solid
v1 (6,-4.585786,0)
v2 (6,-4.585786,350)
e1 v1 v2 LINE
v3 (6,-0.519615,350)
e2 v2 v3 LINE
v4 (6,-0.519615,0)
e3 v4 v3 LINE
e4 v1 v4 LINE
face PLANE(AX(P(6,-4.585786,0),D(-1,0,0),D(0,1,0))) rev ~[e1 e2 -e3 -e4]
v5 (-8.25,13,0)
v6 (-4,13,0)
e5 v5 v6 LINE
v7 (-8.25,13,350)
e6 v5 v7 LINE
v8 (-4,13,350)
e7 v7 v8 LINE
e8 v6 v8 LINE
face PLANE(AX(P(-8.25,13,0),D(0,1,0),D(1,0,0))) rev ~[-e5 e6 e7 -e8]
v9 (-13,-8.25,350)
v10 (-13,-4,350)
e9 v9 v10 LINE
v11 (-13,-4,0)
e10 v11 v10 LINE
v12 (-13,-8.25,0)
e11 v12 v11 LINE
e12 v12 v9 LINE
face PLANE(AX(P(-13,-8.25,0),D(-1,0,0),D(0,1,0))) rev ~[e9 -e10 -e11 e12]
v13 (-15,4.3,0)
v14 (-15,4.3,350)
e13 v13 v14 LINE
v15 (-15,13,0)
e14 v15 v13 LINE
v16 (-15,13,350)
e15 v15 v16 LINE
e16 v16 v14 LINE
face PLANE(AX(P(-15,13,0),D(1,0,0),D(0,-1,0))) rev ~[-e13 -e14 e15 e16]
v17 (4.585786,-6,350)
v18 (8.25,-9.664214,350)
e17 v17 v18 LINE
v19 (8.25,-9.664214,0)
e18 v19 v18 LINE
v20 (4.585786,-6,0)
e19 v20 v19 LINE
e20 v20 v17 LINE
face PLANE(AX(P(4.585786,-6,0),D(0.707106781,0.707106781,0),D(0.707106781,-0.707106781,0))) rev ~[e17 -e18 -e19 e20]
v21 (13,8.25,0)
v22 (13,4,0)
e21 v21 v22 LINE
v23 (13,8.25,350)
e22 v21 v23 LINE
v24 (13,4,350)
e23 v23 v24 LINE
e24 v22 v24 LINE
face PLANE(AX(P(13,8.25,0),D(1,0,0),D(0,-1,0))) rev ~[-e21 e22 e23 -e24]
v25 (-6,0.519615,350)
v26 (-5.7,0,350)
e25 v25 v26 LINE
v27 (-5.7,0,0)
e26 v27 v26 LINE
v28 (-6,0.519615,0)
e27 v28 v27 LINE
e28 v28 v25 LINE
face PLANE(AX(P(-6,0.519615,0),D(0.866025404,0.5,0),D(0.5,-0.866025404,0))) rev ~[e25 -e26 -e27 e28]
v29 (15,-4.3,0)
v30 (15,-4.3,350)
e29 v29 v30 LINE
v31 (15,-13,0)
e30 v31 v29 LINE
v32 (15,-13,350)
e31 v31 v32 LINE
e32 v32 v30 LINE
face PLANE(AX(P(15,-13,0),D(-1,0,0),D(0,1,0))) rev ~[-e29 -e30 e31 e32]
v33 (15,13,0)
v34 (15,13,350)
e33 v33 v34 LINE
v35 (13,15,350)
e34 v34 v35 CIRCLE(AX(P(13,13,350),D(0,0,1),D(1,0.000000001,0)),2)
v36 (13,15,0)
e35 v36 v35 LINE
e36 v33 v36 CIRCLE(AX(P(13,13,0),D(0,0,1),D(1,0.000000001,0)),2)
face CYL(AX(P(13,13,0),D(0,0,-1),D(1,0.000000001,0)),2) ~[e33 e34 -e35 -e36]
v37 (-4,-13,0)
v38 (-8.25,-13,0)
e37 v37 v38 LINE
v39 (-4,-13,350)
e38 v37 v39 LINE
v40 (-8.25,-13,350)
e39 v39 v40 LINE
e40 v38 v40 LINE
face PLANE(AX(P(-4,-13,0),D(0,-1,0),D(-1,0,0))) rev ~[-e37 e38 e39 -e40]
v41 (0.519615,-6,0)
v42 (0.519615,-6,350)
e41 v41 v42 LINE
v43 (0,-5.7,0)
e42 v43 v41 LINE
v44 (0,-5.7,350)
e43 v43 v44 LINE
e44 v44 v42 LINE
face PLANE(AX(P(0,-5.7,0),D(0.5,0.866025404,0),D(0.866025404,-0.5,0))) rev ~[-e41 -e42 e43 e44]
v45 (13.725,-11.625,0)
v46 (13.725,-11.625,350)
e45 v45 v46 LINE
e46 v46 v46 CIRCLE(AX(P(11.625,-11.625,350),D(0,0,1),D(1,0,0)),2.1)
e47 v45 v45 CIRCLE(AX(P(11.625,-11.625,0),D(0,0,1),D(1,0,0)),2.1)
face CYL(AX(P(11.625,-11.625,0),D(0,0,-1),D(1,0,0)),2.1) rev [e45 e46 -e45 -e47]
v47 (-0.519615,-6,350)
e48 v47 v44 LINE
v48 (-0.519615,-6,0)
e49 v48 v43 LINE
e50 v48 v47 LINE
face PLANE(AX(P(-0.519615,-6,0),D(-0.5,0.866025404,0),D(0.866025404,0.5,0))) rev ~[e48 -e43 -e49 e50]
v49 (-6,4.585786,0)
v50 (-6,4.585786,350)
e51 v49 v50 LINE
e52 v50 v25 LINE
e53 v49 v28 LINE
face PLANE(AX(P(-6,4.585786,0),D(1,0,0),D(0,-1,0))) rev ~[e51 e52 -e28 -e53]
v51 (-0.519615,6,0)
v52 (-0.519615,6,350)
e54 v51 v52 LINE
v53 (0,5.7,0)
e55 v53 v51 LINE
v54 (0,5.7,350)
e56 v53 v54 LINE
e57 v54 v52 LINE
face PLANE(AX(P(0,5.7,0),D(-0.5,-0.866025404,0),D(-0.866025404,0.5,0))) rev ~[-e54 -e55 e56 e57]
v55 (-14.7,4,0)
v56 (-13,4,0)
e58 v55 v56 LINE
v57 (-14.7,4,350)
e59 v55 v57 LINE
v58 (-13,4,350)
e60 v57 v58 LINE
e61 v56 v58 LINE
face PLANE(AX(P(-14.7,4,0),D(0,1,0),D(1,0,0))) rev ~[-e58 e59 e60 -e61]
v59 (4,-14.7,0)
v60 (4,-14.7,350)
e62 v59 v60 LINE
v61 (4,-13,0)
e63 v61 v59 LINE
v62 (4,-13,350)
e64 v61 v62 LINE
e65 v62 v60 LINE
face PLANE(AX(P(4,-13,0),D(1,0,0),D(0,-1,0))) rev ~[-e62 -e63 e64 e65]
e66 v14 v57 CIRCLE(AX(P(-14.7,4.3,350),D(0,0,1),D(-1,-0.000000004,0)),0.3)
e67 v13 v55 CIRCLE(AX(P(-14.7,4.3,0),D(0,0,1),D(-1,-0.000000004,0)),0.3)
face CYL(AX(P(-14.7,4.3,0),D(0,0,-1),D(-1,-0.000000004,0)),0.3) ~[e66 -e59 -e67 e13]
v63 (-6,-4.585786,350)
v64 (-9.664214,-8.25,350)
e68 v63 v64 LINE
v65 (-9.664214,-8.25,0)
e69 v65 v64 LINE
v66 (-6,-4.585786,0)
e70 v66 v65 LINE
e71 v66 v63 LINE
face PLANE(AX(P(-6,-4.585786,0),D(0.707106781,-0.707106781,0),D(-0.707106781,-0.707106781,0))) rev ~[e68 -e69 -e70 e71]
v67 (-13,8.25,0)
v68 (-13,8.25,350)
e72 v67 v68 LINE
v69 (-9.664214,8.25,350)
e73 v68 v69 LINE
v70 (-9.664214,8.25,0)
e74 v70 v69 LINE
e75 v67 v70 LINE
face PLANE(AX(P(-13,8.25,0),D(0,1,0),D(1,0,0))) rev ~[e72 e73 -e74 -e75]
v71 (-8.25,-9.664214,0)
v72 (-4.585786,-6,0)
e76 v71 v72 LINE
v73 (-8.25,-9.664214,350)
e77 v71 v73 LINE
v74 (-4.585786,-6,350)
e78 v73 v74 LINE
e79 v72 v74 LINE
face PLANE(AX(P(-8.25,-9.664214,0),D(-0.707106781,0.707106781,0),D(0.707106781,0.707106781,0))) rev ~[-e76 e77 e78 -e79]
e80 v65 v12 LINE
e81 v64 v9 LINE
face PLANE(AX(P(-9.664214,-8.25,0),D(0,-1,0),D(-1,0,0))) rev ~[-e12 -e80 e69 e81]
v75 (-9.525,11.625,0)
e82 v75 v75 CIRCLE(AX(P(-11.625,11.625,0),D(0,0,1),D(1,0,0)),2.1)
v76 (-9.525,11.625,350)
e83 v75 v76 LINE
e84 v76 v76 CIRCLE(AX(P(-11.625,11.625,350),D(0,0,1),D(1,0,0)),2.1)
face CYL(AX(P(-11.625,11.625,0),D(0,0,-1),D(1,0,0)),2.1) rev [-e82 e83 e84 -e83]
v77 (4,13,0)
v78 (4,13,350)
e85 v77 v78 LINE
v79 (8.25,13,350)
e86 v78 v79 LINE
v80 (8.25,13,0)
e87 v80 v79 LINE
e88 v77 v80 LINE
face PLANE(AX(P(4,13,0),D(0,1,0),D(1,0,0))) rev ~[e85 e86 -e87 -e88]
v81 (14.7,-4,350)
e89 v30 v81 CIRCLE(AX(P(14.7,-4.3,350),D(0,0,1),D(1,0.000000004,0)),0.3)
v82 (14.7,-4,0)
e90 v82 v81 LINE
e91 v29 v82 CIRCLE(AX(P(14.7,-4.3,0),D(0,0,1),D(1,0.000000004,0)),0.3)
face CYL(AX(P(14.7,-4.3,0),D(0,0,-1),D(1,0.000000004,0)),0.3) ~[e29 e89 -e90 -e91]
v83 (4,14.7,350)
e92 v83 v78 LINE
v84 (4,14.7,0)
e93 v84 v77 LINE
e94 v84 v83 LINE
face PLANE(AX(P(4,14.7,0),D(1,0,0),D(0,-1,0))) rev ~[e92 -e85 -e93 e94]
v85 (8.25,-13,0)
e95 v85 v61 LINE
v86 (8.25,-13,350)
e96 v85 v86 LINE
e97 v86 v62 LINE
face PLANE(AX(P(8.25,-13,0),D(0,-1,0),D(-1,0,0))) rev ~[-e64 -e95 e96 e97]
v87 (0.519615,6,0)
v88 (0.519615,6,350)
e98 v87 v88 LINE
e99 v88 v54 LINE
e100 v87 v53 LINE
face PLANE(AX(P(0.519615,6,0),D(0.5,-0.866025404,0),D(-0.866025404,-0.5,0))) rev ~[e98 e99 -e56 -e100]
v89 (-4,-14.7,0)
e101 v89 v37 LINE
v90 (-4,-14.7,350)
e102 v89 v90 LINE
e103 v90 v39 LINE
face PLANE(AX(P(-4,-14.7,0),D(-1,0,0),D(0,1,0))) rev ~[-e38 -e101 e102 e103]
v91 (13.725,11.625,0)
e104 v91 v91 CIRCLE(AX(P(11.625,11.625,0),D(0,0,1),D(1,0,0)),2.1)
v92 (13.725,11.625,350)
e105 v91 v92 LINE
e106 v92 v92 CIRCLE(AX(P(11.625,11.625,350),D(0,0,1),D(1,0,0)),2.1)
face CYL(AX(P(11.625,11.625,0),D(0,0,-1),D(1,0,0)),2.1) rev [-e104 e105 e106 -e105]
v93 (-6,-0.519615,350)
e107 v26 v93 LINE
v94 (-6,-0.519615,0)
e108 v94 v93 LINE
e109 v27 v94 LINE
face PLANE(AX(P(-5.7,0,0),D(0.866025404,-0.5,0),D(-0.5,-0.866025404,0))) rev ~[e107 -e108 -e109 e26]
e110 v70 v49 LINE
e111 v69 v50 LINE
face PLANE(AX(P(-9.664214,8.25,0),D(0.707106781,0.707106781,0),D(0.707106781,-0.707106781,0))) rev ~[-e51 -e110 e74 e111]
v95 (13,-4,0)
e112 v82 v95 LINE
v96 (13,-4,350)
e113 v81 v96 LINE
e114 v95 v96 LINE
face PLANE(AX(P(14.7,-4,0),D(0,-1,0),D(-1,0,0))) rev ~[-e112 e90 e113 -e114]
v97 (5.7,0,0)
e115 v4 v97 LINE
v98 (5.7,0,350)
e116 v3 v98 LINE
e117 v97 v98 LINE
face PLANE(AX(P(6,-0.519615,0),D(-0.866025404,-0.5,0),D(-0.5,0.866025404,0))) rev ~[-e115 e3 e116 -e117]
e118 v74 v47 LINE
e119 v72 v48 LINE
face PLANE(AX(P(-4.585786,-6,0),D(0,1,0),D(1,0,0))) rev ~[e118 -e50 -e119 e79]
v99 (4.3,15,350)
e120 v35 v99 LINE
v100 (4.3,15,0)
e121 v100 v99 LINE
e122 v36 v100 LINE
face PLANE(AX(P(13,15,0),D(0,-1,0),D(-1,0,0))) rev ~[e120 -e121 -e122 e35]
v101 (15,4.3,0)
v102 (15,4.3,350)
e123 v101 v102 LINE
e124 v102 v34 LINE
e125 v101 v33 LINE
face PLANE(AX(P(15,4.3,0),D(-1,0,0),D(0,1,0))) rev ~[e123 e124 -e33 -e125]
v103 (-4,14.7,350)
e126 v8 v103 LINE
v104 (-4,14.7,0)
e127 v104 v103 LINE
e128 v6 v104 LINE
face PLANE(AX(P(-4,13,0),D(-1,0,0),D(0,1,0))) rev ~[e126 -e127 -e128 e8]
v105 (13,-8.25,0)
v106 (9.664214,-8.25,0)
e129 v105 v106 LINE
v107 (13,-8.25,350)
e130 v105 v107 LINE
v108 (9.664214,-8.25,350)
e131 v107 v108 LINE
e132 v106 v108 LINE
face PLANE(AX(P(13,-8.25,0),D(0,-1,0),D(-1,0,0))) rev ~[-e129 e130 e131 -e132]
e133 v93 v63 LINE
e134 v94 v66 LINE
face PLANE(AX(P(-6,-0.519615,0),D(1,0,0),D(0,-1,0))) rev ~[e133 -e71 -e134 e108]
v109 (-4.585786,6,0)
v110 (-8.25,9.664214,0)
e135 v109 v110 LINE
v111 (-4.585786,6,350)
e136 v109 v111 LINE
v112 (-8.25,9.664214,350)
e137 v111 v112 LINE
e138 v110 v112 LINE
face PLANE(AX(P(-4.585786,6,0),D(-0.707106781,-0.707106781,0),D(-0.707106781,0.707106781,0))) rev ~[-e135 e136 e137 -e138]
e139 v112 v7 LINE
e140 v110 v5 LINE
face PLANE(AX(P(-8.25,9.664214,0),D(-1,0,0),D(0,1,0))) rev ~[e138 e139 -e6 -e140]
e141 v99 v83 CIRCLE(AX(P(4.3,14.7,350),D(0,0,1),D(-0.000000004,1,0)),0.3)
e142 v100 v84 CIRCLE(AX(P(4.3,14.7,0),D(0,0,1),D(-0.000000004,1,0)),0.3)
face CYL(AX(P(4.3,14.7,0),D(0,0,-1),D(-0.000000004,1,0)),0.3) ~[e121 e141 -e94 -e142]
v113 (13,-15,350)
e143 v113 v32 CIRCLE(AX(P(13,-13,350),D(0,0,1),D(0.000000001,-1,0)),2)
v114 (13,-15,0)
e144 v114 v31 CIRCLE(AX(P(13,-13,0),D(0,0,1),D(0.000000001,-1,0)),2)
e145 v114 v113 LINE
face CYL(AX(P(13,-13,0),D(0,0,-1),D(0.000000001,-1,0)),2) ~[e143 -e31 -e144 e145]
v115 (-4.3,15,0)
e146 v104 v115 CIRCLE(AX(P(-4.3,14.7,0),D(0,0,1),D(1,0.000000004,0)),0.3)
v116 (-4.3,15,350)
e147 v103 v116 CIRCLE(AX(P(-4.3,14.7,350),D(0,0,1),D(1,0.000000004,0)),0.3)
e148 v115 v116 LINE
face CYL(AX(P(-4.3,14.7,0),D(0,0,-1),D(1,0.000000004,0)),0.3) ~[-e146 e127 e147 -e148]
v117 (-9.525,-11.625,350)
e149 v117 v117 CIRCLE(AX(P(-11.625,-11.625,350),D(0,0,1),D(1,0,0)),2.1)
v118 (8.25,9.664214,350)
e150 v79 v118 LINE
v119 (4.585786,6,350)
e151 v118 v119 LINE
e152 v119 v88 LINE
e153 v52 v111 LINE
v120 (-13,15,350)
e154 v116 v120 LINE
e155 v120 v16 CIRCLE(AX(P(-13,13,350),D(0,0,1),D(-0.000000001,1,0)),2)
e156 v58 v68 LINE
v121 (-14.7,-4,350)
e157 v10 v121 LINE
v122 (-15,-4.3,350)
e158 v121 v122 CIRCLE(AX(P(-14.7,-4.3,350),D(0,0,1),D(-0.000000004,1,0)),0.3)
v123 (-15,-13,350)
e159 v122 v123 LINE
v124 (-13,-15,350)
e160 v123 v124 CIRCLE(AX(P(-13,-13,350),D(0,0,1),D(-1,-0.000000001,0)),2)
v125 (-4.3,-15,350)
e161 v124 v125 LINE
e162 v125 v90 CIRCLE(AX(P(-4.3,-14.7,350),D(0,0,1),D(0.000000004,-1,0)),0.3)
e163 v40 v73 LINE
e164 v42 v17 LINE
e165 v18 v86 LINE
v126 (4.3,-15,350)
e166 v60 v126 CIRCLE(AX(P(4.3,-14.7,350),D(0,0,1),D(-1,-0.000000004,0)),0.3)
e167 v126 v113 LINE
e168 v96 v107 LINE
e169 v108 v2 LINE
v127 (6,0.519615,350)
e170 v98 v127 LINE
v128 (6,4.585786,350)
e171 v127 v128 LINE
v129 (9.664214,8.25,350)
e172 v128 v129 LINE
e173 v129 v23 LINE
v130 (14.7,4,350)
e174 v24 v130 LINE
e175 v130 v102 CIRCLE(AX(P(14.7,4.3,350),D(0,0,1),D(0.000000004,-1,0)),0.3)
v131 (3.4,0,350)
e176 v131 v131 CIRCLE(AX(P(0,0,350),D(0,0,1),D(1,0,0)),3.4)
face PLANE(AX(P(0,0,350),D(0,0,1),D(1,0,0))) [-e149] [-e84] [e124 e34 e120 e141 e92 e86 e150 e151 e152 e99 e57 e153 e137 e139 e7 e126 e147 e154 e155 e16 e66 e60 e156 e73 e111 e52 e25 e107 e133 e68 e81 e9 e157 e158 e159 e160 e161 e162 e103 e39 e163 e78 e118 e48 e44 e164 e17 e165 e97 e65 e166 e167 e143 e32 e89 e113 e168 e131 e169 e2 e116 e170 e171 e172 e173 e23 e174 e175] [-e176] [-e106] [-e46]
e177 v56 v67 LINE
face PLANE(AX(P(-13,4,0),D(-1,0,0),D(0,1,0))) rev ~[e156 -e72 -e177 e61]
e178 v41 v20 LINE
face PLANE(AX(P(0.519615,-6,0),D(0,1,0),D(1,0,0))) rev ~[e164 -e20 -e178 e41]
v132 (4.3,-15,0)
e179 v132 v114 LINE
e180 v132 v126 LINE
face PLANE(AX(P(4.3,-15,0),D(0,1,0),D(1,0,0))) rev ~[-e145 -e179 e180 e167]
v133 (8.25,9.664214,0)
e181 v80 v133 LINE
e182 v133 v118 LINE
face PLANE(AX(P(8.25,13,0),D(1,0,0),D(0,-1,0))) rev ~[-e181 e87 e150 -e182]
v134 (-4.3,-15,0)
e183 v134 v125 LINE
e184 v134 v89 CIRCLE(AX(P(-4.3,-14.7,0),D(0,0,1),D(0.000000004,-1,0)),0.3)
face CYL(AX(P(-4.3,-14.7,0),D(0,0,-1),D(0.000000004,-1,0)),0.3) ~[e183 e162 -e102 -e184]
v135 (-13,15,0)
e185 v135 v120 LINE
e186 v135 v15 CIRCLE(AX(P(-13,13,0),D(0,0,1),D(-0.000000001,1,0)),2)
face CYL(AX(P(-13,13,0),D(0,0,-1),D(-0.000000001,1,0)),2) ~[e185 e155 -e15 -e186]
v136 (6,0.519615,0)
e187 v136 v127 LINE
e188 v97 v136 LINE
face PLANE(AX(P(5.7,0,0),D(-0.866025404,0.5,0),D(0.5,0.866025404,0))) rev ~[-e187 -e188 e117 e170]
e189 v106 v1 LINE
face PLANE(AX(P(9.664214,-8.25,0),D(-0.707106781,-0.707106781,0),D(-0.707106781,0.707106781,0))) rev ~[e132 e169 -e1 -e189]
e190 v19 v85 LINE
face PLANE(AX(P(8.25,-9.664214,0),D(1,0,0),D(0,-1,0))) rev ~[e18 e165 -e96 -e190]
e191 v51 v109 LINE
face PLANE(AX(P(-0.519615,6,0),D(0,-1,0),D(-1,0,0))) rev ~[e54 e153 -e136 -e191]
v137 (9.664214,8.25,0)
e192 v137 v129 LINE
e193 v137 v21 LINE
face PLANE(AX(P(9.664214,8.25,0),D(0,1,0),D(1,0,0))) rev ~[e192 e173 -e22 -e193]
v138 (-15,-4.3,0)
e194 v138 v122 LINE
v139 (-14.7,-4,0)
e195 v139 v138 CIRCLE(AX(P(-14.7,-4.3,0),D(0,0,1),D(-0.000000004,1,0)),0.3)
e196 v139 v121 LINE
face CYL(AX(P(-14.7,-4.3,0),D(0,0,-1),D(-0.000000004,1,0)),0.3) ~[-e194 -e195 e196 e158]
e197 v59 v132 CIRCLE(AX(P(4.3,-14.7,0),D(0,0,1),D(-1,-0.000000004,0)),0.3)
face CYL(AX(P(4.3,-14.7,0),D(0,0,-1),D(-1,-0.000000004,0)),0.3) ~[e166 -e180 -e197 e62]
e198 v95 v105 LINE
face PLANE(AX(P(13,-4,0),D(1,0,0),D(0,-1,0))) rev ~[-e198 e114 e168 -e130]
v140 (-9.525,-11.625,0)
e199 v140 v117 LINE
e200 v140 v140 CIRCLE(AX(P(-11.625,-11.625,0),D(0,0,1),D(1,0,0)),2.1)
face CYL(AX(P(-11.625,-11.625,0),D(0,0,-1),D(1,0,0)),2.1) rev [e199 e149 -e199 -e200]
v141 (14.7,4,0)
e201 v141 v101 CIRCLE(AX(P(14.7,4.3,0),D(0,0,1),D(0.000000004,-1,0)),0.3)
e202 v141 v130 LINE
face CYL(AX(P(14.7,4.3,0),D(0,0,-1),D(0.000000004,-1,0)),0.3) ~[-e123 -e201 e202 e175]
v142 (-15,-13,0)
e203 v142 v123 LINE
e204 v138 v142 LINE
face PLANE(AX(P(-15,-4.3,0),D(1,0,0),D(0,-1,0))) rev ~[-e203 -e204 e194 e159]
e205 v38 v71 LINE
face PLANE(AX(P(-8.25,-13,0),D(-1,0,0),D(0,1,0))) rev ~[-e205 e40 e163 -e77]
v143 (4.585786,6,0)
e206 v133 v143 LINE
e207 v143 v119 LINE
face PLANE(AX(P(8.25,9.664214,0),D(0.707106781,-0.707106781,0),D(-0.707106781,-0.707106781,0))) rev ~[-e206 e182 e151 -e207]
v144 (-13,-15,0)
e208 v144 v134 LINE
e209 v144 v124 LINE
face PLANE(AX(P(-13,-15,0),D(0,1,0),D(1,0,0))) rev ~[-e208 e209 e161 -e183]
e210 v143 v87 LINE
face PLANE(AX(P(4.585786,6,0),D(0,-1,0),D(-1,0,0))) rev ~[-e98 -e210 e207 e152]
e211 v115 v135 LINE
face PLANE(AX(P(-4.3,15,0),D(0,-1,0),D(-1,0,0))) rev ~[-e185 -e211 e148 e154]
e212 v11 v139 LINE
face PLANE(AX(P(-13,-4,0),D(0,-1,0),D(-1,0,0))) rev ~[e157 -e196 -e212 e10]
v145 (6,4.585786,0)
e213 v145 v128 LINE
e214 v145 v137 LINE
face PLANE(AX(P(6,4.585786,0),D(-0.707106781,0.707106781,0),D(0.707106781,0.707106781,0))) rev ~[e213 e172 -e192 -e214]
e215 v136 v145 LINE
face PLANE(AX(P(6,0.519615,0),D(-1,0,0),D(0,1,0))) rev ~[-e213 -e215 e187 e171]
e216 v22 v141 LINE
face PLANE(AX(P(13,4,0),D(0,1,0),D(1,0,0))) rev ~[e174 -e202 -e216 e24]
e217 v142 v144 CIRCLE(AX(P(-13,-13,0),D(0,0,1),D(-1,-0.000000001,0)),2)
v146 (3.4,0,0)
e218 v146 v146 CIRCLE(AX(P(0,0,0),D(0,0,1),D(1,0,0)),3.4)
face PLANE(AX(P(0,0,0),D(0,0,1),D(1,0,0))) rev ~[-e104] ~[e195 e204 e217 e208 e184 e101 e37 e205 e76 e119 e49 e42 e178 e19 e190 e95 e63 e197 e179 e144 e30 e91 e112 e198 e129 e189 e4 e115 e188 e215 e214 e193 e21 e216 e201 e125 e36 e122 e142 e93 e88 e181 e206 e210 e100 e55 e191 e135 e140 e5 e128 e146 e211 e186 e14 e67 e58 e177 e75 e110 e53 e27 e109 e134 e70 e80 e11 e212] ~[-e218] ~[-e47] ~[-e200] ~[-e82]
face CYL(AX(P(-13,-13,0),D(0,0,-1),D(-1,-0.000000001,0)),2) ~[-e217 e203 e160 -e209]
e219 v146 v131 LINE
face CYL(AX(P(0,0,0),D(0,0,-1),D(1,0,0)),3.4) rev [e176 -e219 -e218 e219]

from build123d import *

# Parameters (mm, degrees)
SKETCH1_R           = 2.1
SKETCH1_R_2         = 3.4
BOSS_EXTRUDE1_DEPTH = 350


with BuildPart() as part:
    # Sketch1 → Boss-Extrude1 (new body)
    with BuildSketch(Plane.XY):
        with BuildLine():
            Line((-14.7, 4), (-13, 4))
            Line((-13, 4), (-13, 8.25))
            Line((-13, 8.25), (-9.664213562, 8.25))
            Line((-9.664213562, 8.25), (-6, 4.585786438))
            Line((-6, 4.585786438), (-6, 0.519615242))
            Line((-6, 0.519615242), (-5.7, 0))
            Line((-5.7, 0), (-6, -0.519615242))
            Line((-6, -0.519615242), (-6, -4.585786438))
            Line((-6, -4.585786438), (-9.664213562, -8.25))
            Line((-9.664213562, -8.25), (-13, -8.25))
            Line((-13, -8.25), (-13, -4))
            Line((-13, -4), (-14.7, -4))
            ThreePointArc((-14.7, -4), (-14.912132034, -4.087867966), (-15, -4.3))
            Line((-15, -4.3), (-15, -13))
            ThreePointArc((-15, -13), (-14.414213562, -14.414213562), (-13, -15))
            Line((-13, -15), (-4.3, -15))
            ThreePointArc((-4.3, -15), (-4.087867966, -14.912132034), (-4, -14.7))
            Line((-4, -14.7), (-4, -13))
            Line((-4, -13), (-8.25, -13))
            Line((-8.25, -13), (-8.25, -9.664213562))
            Line((-8.25, -9.664213562), (-4.585786438, -6))
            Line((-4.585786438, -6), (-0.519615242, -6))
            Line((-0.519615242, -6), (0, -5.7))
            Line((0, -5.7), (0.519615242, -6))
            Line((0.519615242, -6), (4.585786438, -6))
            Line((4.585786438, -6), (8.25, -9.664213562))
            Line((8.25, -9.664213562), (8.25, -13))
            Line((8.25, -13), (4, -13))
            Line((4, -13), (4, -14.7))
            ThreePointArc((4, -14.7), (4.087867966, -14.912132034), (4.3, -15))
            Line((4.3, -15), (13, -15))
            ThreePointArc((13, -15), (14.414213562, -14.414213562), (15, -13))
            Line((15, -13), (15, -4.3))
            ThreePointArc((15, -4.3), (14.912132034, -4.087867966), (14.7, -4))
            Line((14.7, -4), (13, -4))
            Line((13, -4), (13, -8.25))
            Line((13, -8.25), (9.664213562, -8.25))
            Line((9.664213562, -8.25), (6, -4.585786438))
            Line((6, -4.585786438), (6, -0.519615242))
            Line((6, -0.519615242), (5.7, 0))
            Line((5.7, 0), (6, 0.519615242))
            Line((6, 0.519615242), (6, 4.585786438))
            Line((6, 4.585786438), (9.664213562, 8.25))
            Line((9.664213562, 8.25), (13, 8.25))
            Line((13, 8.25), (13, 4))
            Line((13, 4), (14.7, 4))
            ThreePointArc((14.7, 4), (14.912132034, 4.087867966), (15, 4.3))
            Line((15, 4.3), (15, 13))
            ThreePointArc((15, 13), (14.414213562, 14.414213562), (13, 15))
            Line((13, 15), (4.3, 15))
            ThreePointArc((4.3, 15), (4.087867966, 14.912132034), (4, 14.7))
            Line((4, 14.7), (4, 13))
            Line((4, 13), (8.25, 13))
            Line((8.25, 13), (8.25, 9.664213562))
            Line((8.25, 9.664213562), (4.585786438, 6))
            Line((4.585786438, 6), (0.519615242, 6))
            Line((0.519615242, 6), (0, 5.7))
            Line((0, 5.7), (-0.519615242, 6))
            Line((-0.519615242, 6), (-4.585786438, 6))
            Line((-4.585786438, 6), (-8.25, 9.664213562))
            Line((-8.25, 9.664213562), (-8.25, 13))
            Line((-8.25, 13), (-4, 13))
            Line((-4, 13), (-4, 14.7))
            ThreePointArc((-4, 14.7), (-4.087867966, 14.912132034), (-4.3, 15))
            Line((-4.3, 15), (-13, 15))
            ThreePointArc((-13, 15), (-14.414213562, 14.414213562), (-15, 13))
            Line((-15, 13), (-15, 4.3))
            ThreePointArc((-15, 4.3), (-14.912132034, 4.087867966), (-14.7, 4))
        make_face()
        with Locations((11.625, 11.625)):
            Circle(SKETCH1_R, mode=Mode.SUBTRACT)
        with Locations((11.625, -11.625)):
            Circle(SKETCH1_R, mode=Mode.SUBTRACT)
        Circle(SKETCH1_R_2, mode=Mode.SUBTRACT)
        with Locations((-11.625, -11.625)):
            Circle(SKETCH1_R, mode=Mode.SUBTRACT)
        with Locations((-11.625, 11.625)):
            Circle(SKETCH1_R, mode=Mode.SUBTRACT)
    extrude(amount=BOSS_EXTRUDE1_DEPTH)


solid = part.part
